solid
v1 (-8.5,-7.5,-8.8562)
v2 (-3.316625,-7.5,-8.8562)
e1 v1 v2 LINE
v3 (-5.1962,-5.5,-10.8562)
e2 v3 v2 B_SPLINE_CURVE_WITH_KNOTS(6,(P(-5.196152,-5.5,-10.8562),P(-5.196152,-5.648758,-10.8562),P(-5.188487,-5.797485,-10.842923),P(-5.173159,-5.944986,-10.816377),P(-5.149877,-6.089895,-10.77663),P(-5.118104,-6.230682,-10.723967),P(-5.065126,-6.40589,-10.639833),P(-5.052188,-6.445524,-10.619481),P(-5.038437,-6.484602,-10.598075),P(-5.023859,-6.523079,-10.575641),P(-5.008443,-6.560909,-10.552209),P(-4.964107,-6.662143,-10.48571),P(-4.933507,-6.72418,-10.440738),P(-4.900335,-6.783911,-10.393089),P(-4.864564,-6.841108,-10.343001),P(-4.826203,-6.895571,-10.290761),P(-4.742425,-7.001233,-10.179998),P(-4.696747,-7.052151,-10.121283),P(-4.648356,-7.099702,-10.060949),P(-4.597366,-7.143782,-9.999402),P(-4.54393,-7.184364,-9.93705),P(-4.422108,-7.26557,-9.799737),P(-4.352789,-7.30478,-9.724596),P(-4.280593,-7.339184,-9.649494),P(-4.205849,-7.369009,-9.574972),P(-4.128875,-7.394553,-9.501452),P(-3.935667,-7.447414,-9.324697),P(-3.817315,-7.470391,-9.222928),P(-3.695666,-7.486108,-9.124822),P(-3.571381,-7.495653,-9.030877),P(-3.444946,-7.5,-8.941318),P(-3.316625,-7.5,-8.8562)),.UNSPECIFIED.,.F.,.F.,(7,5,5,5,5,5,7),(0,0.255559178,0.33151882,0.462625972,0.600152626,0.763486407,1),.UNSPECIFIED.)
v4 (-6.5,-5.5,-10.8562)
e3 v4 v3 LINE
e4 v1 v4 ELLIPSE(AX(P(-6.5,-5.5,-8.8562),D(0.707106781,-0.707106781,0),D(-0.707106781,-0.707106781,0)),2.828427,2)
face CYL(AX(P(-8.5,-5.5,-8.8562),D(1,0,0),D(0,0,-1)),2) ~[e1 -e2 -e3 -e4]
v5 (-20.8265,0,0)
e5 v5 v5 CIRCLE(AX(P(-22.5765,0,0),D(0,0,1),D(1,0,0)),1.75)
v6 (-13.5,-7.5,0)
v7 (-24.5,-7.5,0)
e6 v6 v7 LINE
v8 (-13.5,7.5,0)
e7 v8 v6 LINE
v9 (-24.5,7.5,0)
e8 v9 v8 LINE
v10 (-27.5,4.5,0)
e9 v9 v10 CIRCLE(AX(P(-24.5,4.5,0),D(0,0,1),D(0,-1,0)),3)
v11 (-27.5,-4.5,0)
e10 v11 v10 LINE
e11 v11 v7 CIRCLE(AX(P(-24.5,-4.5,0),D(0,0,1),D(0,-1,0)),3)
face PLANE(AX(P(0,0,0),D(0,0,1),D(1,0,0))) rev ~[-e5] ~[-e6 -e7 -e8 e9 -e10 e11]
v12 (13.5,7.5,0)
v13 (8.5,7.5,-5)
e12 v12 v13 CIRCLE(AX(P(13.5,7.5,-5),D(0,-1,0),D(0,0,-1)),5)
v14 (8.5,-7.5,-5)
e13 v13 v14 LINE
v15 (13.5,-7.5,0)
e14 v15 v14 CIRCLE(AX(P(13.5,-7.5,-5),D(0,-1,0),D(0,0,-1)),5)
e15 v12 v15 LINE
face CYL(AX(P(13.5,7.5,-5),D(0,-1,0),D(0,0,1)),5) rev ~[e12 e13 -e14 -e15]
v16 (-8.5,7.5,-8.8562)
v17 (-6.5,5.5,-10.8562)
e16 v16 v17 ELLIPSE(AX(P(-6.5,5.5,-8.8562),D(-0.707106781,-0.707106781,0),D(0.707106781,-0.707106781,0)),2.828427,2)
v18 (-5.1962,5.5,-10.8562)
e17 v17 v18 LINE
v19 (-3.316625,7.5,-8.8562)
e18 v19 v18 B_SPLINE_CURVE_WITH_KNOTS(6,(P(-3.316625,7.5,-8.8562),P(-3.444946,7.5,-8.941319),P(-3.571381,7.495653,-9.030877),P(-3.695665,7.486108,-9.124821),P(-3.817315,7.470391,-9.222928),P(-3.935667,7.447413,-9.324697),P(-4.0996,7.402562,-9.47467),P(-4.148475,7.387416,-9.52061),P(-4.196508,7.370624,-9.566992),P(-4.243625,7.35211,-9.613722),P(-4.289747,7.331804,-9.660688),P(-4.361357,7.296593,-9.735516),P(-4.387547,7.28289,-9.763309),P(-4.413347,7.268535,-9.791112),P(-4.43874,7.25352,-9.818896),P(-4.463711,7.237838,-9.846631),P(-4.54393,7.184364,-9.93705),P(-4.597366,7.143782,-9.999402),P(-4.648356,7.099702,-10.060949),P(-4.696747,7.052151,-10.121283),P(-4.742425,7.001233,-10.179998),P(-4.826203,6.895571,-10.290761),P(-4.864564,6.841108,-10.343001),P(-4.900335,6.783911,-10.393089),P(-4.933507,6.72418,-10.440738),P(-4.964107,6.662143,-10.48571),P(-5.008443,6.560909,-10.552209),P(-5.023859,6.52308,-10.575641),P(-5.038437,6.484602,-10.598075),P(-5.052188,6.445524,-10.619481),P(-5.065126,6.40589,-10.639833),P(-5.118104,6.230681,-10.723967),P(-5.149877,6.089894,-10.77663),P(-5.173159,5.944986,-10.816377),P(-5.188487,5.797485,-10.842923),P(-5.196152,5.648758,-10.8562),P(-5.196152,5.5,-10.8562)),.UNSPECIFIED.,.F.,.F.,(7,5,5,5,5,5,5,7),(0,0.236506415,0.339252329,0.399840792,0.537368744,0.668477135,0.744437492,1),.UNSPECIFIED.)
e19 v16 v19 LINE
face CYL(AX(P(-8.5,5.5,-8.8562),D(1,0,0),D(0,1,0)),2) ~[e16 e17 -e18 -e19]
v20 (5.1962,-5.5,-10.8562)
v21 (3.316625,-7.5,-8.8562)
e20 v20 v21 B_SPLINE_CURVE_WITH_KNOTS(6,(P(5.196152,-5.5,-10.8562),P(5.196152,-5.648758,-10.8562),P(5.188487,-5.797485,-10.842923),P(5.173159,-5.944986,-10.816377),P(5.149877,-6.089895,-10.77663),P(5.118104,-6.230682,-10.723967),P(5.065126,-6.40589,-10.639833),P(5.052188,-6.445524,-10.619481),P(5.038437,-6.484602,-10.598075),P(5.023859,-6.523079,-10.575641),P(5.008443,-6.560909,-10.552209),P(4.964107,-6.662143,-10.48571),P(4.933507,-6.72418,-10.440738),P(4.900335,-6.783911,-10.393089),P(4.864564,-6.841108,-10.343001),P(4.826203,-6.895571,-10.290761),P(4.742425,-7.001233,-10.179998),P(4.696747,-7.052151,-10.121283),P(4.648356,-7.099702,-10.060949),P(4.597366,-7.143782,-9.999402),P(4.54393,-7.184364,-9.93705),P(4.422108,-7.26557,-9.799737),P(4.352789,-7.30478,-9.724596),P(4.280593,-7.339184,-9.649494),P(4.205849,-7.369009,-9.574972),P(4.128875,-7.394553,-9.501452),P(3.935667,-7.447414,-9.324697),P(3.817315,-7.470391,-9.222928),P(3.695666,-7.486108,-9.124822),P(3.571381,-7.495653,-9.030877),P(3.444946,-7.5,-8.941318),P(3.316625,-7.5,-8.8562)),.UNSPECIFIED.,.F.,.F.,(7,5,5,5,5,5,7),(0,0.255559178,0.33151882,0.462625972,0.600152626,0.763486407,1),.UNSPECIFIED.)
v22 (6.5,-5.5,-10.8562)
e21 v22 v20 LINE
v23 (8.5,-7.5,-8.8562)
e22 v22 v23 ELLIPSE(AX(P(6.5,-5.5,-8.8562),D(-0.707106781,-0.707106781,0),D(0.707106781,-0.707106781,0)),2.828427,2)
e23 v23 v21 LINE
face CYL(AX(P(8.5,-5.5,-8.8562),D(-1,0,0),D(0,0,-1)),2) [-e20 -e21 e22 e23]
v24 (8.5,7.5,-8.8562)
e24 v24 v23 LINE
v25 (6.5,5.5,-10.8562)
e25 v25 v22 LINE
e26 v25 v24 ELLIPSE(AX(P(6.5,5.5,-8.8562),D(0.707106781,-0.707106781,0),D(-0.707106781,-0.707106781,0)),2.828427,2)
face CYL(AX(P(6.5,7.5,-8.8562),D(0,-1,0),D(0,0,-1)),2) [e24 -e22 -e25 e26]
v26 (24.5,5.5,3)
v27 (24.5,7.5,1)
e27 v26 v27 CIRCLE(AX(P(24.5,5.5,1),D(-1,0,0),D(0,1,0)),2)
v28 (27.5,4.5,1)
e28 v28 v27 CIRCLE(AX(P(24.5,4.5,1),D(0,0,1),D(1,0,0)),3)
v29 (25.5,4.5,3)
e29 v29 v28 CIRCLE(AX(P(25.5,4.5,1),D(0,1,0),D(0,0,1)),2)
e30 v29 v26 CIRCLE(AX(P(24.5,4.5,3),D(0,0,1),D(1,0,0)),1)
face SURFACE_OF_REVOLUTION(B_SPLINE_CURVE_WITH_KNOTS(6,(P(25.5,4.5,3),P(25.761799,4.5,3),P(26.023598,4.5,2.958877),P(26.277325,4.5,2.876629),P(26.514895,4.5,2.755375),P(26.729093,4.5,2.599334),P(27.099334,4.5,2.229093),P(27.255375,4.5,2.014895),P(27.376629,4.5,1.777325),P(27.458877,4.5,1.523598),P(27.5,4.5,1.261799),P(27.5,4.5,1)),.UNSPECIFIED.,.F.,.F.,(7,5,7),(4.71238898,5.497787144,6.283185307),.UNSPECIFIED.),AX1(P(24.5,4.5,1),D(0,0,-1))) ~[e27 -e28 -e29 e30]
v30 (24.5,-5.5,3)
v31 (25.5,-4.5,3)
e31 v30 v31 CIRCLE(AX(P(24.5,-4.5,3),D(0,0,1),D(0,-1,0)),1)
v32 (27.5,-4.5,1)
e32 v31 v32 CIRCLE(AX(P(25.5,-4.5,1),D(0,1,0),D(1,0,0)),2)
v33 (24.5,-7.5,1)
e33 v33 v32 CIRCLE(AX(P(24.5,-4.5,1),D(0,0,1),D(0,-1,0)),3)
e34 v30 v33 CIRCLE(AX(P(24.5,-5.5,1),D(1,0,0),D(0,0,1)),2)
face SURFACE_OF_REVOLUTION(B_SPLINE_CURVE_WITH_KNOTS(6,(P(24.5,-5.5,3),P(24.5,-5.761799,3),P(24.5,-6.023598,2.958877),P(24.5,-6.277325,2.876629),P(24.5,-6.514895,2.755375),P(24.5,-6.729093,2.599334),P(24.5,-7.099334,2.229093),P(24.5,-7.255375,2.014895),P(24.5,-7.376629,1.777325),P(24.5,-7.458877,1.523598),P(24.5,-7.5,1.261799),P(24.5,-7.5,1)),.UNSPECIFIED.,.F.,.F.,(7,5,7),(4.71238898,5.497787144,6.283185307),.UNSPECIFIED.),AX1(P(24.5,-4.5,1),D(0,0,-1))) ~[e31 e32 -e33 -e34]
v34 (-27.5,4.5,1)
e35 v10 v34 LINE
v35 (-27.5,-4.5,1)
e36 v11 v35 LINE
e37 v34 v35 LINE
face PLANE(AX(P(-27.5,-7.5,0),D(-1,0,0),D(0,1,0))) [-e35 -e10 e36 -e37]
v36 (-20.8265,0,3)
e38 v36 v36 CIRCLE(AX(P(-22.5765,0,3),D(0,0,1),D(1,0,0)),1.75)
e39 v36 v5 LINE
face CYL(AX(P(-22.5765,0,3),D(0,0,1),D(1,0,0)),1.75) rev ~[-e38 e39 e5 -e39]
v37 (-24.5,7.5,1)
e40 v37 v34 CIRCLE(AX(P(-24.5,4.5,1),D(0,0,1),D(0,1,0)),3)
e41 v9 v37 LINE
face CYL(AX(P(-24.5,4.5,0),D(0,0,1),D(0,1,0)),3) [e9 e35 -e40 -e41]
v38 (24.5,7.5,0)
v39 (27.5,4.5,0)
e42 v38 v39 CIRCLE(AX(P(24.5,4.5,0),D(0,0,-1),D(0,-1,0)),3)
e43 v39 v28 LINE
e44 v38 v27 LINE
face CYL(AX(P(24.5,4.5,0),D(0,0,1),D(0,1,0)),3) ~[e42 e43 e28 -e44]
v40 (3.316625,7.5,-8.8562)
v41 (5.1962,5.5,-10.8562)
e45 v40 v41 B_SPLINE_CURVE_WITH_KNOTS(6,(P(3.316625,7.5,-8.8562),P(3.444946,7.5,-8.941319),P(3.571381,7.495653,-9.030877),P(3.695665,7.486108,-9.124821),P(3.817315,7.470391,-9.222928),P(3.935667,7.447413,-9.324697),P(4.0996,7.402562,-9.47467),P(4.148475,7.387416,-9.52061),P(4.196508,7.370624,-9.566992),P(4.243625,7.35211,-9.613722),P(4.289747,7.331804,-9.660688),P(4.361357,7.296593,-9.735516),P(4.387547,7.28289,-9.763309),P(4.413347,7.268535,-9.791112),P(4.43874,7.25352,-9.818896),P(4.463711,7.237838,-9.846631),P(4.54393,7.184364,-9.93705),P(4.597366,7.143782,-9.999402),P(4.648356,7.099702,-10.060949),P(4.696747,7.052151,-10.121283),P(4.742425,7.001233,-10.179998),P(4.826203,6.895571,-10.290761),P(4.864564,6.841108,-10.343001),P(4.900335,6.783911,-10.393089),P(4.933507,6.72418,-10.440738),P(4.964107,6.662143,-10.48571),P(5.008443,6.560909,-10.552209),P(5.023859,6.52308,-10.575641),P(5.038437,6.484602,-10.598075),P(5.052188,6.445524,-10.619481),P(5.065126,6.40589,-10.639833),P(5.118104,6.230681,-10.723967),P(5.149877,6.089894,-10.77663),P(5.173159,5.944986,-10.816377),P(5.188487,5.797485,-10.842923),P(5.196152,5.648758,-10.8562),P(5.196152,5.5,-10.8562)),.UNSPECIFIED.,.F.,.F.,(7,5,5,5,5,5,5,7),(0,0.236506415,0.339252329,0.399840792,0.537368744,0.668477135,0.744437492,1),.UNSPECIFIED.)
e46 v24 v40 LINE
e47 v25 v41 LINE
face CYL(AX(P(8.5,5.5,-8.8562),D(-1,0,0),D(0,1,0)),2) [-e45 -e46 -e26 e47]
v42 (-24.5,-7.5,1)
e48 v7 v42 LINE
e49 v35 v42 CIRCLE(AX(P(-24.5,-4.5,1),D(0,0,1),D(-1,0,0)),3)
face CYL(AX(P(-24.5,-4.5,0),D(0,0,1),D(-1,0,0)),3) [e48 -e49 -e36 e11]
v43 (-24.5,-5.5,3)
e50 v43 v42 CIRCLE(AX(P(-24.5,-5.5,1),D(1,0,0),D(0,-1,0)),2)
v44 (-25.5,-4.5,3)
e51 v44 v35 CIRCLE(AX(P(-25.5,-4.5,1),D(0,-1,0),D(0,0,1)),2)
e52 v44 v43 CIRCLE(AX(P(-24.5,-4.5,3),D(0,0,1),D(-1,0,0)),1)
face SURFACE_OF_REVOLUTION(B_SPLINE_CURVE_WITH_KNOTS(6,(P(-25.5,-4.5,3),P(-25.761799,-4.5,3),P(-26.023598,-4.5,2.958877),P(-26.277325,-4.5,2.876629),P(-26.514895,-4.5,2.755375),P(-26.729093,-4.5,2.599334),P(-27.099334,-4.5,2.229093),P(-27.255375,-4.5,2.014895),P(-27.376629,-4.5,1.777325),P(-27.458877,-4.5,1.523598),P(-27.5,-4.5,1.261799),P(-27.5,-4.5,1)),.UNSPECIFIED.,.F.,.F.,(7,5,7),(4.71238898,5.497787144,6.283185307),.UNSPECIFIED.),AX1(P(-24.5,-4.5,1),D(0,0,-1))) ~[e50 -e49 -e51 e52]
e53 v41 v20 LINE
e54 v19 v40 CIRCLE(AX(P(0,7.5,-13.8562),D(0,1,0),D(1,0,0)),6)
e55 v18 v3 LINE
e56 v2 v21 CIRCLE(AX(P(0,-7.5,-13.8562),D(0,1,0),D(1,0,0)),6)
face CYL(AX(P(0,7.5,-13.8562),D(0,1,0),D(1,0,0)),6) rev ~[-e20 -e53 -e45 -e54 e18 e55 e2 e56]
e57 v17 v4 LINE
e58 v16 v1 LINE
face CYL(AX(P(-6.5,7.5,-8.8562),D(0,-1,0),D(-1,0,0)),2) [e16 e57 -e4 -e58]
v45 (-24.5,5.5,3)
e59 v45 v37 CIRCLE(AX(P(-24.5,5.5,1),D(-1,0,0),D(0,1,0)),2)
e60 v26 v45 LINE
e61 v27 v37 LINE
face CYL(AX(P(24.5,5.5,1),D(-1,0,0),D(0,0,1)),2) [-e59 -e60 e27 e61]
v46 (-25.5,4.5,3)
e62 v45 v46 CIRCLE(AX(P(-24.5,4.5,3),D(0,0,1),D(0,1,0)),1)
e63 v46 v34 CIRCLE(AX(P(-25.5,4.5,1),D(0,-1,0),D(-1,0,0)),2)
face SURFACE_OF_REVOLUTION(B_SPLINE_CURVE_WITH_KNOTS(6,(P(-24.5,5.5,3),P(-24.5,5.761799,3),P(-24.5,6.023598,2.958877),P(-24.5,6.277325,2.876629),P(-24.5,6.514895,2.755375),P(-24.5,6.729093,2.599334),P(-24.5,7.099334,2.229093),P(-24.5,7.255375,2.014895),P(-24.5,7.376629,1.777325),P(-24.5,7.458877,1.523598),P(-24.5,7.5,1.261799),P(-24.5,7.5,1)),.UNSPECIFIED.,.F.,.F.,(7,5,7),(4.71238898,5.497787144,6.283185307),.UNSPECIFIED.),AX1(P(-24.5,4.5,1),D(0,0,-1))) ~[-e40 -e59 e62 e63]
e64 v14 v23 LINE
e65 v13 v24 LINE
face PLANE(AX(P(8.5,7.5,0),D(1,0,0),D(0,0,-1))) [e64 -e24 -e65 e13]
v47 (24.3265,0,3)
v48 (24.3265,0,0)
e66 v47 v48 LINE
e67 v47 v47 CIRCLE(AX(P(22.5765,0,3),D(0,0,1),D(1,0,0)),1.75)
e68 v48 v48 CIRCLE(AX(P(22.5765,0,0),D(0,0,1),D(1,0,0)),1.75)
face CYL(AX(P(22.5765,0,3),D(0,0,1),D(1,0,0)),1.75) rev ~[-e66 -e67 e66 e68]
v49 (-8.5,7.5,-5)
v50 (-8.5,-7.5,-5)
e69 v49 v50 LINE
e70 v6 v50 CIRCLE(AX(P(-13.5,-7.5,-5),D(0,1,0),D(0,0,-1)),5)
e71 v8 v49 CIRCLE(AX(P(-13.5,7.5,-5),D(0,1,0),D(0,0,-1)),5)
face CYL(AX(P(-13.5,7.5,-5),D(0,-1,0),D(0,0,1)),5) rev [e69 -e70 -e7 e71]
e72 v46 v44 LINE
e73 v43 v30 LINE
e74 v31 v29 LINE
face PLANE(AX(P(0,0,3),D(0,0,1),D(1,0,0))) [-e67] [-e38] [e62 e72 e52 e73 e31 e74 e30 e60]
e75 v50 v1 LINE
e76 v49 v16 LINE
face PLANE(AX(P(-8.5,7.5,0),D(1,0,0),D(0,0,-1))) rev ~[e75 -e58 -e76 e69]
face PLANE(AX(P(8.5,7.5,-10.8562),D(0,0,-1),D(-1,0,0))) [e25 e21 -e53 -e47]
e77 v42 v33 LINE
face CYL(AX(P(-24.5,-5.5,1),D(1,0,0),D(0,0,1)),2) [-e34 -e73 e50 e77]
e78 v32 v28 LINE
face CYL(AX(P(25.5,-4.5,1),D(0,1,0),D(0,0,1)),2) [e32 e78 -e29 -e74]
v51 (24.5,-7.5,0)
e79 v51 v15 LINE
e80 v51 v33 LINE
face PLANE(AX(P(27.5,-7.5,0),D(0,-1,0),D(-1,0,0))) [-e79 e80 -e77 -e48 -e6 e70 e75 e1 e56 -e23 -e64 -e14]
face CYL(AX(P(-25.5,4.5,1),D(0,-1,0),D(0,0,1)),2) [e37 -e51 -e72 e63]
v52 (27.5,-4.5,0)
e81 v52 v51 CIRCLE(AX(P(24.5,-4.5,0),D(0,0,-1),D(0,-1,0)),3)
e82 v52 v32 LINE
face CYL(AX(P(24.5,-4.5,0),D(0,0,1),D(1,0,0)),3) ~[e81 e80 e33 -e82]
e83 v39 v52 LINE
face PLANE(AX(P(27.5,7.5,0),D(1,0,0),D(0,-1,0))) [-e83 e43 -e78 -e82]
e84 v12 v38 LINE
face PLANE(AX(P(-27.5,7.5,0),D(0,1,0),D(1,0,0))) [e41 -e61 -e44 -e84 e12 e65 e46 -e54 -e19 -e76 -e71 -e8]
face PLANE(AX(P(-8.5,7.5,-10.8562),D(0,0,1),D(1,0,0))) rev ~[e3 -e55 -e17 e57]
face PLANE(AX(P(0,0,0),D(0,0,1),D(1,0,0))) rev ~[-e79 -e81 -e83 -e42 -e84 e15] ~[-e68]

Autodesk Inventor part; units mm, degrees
ref_plane "YZ Plane" through (0, 0, 0) normal (1, 0, 0) x (0, 1, 0)
ref_plane "XZ Plane" through (0, 0, 0) normal (0, 1, 0) x (-1, 0, 0)
ref_plane "XY Plane" through (0, 0, 0) normal (0, 0, 1) x (1, 0, 0)
sketch "Sketch1" plane through (0, 0, 0) normal (0, 0, 1) x (1, 0, 0)
  point P0 (0, 0)
sketch "Sketch2" plane through (0, 0, 0) normal (0, 0, 1) x (1, 0, 0)
  line L0 (-27.5, 7.5) -> (27.5, 7.5)
  line L1 (27.5, 7.5) -> (27.5, -7.5)
  line L2 (27.5, -7.5) -> (-27.5, -7.5)
  line L3 (-27.5, -7.5) -> (-27.5, 7.5)
  line L4 (-27.5, 7.5) -> (27.5, -7.5) construction
  line L5 (27.5, 7.5) -> (-27.5, -7.5) construction
  point P0 (0, 0)
  dimension "d0" = 15
  dimension "d1" = 55
extrude "Extrusion1" add sketch "Sketch2" along normal blind 3
sketch "Sketch3" plane through (0, 0, 3) normal (0, 0, 1) x (1, 0, 0)
  line L0 (0, 0) -> (22.5765, 0) construction
  circle A0 centre (22.5765, 0) radius 1.75
  line L1 (27.5, 7.5) -> (-27.5, 7.5) construction
  line L2 (0, 7.5) -> (0, -7.5) construction
  line L3 (-27.5, -7.5) -> (27.5, -7.5) construction
  line L4 (0, 0) -> (-22.5765, 0) construction
  circle A1 centre (-22.5765, 0) radius 1.75
  dimension "d4" = 3.5
  dimension "d5" = 45.153
extrude "Extrusion2" cut sketch "Sketch3" against normal through all
sketch "Sketch4" plane through (-27.5, 7.5, 0) normal (0, 1, 0) x (1, 0, 0)
  line L0 (55, 0) -> (0, 0) projected
  line L1 (19, 0) -> (19, 10.8562)
  line L2 (36, 0) -> (36, 10.8562)
  line L3 (27.5, 10.8562) -> (27.5, 0) construction
  line L4 (19, 7.8562) -> (36, 7.8562) construction
  line L5 (19, 0) -> (36, 0) construction
  line L6 (19, 0) -> (36, 0)
  line L7 (19, 10.8562) -> (36, 10.8562) construction
  circle A0 centre (27.5, 13.8562) radius 6
  line L8 (19, 10.8562) -> (22.3038, 10.8562)
  line L9 (36, 10.8562) -> (32.6962, 10.8562)
  dimension "d10" = 10.8562
  dimension "d11" = 17
  dimension "d12" = 12
  dimension "d13" = 3
extrude "Extrusion3" add sketch "Sketch4" against normal up to surface (15 mm away) contours L0 L1 L8 A0 L9 L2
fillet "Fillet1" radius 3 4 edges at (-27.5, 7.5, 1.5) (-27.5, -7.5, 1.5) (27.5, 7.5, 1.5) (27.5, -7.5, 1.5)
fillet "Fillet2" radius 2 8 edges at (-26.6213, 6.6213, 3) (-27.5, 0, 3) (-26.6213, -6.6213, 3) (0, -7.5, 3) (26.6213, -6.6213, 3) (27.5, 0, 3) (26.6213, 6.6213, 3) (0, 7.5, 3)
fillet "Fillet3" radius 5 2 edges at (-8.5, 0, 0) (8.5, 0, 0)
fillet "Fillet4" radius 2 6 edges at (-6.8481, 7.5, -10.8562) (-8.5, 0, -10.8562) (8.5, 0, -10.8562) (-6.8481, -7.5, -10.8562) (6.8481, -7.5, -10.8562) (6.8481, 7.5, -10.8562)
properties part number "PlotterPenHolderAltClamp"
